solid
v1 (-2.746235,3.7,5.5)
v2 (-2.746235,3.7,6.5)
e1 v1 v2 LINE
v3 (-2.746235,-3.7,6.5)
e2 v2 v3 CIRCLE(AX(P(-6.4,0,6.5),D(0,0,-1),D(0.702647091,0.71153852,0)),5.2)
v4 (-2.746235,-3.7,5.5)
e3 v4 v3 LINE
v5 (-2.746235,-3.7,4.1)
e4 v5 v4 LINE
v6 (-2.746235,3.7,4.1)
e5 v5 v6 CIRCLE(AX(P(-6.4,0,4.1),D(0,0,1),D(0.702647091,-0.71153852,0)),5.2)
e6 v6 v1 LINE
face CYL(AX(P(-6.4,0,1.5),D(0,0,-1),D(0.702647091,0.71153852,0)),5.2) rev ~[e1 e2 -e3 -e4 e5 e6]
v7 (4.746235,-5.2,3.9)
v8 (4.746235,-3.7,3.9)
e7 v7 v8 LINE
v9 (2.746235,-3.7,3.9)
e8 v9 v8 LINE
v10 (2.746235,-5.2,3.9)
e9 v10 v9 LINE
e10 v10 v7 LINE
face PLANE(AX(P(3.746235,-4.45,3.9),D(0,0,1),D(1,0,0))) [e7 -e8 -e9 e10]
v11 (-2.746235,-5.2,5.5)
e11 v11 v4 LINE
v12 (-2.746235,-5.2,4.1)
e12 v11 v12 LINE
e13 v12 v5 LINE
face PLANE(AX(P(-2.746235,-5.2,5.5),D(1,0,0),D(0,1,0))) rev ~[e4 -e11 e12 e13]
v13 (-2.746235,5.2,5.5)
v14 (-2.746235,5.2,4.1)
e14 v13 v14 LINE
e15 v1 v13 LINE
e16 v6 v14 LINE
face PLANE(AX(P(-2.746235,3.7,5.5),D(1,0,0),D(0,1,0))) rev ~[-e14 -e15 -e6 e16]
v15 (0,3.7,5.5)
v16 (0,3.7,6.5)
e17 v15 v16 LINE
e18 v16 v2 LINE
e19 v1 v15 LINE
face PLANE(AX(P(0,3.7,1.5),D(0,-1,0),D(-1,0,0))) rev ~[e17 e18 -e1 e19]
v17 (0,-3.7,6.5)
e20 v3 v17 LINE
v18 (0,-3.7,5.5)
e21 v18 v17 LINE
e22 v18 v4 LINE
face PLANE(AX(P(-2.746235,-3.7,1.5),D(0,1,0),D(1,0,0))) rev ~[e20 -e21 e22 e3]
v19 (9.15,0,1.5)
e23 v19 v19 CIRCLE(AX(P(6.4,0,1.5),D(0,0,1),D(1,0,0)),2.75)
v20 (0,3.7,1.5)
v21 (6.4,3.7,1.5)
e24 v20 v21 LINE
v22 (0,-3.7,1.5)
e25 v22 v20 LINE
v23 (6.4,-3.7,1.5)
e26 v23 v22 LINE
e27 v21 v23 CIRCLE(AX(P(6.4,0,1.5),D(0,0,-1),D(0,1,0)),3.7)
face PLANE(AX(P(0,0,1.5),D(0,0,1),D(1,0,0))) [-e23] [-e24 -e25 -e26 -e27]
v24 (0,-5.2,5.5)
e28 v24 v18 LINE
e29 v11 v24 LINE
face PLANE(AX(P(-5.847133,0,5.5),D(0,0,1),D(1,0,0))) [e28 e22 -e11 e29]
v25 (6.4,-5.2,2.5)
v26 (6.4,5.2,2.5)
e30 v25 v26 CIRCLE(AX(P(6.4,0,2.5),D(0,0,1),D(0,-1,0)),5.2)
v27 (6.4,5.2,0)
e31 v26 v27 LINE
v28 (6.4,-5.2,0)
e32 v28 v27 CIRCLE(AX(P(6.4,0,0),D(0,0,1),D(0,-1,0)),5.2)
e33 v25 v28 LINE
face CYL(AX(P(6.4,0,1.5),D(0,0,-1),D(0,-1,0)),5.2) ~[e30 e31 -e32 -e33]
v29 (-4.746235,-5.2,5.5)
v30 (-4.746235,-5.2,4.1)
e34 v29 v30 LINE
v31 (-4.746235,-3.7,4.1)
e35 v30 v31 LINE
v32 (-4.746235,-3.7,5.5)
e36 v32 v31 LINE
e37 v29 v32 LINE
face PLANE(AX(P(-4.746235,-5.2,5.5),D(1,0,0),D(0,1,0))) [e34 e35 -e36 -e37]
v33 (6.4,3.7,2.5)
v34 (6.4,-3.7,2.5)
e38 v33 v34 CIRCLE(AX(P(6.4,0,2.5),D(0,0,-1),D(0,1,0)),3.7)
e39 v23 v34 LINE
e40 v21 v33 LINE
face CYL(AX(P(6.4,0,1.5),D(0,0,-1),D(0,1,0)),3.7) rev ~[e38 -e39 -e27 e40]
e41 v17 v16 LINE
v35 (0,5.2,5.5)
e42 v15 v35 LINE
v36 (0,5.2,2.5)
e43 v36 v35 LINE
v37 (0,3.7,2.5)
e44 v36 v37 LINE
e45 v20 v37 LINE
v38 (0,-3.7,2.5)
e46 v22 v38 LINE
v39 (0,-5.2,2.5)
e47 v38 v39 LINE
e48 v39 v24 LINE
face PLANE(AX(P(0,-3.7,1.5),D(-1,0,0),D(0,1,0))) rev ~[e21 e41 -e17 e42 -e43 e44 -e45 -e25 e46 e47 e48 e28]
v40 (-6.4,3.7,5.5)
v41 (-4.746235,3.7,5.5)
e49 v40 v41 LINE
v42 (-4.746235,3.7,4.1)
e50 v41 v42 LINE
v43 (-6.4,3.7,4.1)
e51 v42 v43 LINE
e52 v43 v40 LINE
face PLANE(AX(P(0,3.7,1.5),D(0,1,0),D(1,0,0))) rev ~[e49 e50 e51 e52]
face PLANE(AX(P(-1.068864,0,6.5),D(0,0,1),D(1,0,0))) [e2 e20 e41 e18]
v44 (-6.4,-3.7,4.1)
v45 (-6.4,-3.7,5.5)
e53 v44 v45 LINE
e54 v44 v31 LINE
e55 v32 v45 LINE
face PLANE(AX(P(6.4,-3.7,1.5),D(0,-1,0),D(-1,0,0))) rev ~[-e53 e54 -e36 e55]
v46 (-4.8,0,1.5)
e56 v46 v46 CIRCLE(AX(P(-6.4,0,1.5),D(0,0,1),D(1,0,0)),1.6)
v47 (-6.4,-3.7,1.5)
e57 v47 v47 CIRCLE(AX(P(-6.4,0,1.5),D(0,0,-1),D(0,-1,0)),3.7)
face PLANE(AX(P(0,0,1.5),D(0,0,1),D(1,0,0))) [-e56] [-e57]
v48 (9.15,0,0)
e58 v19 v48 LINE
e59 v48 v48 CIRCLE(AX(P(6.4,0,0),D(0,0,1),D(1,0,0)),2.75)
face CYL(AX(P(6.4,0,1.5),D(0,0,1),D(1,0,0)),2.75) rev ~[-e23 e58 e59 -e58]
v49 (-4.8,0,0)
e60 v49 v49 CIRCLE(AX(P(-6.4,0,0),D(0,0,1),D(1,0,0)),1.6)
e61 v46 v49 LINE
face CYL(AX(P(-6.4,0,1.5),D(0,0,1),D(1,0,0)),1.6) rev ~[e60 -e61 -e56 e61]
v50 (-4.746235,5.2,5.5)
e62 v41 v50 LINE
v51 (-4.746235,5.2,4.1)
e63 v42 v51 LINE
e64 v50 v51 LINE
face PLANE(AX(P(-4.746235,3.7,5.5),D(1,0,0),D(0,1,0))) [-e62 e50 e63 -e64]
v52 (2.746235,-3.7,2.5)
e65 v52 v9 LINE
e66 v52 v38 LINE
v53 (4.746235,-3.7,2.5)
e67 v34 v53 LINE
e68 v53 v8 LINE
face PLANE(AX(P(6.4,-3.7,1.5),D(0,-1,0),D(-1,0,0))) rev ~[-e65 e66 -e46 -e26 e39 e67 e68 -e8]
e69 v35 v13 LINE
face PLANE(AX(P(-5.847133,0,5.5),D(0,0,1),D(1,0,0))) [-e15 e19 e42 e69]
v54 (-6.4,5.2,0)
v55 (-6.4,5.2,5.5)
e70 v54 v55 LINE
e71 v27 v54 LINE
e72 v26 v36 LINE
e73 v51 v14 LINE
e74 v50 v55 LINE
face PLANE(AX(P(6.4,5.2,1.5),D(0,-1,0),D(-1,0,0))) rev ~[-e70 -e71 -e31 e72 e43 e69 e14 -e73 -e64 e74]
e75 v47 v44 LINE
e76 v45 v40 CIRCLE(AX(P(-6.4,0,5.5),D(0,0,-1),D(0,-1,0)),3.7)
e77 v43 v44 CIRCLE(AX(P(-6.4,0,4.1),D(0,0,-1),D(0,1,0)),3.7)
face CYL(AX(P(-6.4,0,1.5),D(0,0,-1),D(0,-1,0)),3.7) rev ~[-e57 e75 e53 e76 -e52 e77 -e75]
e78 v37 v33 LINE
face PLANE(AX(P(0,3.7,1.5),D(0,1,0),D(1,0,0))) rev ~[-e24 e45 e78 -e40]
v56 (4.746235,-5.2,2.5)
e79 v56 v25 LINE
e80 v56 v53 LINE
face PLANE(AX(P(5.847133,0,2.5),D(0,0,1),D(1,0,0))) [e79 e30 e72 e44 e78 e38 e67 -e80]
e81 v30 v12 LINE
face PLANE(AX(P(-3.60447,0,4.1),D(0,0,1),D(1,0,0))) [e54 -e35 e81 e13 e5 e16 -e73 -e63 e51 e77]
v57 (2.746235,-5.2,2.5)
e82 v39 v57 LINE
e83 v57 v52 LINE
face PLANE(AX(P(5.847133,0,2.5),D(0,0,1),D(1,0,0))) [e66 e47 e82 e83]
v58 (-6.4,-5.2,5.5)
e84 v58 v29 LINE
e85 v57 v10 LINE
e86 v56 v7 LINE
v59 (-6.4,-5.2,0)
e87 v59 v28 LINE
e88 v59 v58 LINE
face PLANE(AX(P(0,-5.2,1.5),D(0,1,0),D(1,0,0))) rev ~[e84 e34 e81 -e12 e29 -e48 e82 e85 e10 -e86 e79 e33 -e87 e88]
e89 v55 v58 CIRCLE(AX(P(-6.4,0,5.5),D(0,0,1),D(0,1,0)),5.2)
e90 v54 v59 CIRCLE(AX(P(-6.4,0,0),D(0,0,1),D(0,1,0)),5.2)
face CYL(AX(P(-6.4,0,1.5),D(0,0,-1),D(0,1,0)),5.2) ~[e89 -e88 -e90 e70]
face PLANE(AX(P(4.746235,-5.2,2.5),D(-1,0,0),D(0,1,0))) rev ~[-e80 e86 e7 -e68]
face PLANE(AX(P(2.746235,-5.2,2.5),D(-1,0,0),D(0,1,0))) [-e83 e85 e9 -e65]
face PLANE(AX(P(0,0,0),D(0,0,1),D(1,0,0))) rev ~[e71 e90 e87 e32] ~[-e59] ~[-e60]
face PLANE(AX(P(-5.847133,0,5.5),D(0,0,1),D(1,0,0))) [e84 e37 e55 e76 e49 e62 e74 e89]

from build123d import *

# Parameters (mm, degrees)
F1_DEPTH  = 1.5
F3_DEPTH  = 4
F4_DEPTH  = 1
F6_DEPTH  = 2.6
F7_R      = 1.6
F7_R_2    = 2.75
F8_DEPTH  = 1.501
F10_DEPTH = 5
F11_W     = 2
F11_H     = 1.5
F12_DEPTH = 1.4
F13_W     = 2
F13_H     = 1.5
F14_DEPTH = 1.4


with BuildPart() as f1:
    # F0 (on Top) → F1 (new body)
    with BuildSketch(Plane.XY):
        with BuildLine():
            Line((6.4, 5.2), (-6.4, 5.2))
            ThreePointArc((-6.4, 5.2), (-11.6, 0), (-6.4, -5.2))
            Line((-6.4, -5.2), (6.4, -5.2))
            ThreePointArc((6.4, -5.2), (11.6, 0), (6.4, 5.2))
        make_face()
    extrude(amount=F1_DEPTH)

    # F2 (on face) → F3 (join)
    with BuildSketch(Plane.XY.offset(1.5)):
        with BuildLine():
            Line((0, 5.2), (-6.4, 5.2))
            ThreePointArc((-6.4, 5.2), (-11.6, 0), (-6.4, -5.2))
            Line((-6.4, -5.2), (0, -5.2))
            Line((0, -5.2), (0, -3.7))
            Line((0, -3.7), (-6.4, -3.7))
            ThreePointArc((-6.4, -3.7), (-10.1, 0), (-6.4, 3.7))
            Line((-6.4, 3.7), (0, 3.7))
            Line((0, 3.7), (0, 5.2))
        make_face()
    extrude(amount=F3_DEPTH)

    # F2 (on face) → F4 (join)
    with BuildSketch(Plane.XY.offset(1.5)):
        with BuildLine():
            Line((6.4, 5.2), (0, 5.2))
            Line((0, 5.2), (0, 3.7))
            Line((0, 3.7), (6.4, 3.7))
            ThreePointArc((6.4, 3.7), (10.1, 0), (6.4, -3.7))
            Line((6.4, -3.7), (0, -3.7))
            Line((0, -3.7), (0, -5.2))
            Line((0, -5.2), (6.4, -5.2))
            ThreePointArc((6.4, -5.2), (11.6, 0), (6.4, 5.2))
        make_face()
    extrude(amount=F4_DEPTH)

    # F5 (on face) → F6 (join)
    with BuildSketch(Plane.XY.offset(1.5)):
        with BuildLine():
            Line((-6.4, -3.7), (-2.746235, -3.7))
            ThreePointArc((-2.746235, -3.7), (-1.2, 0), (-2.746235, 3.7))
            Line((-2.746235, 3.7), (-6.4, 3.7))
            ThreePointArc((-6.4, 3.7), (-2.7, 0), (-6.4, -3.7))
        make_face()
    extrude(amount=F6_DEPTH)

    # F7 (on face) → F8 (cut, through all)
    with BuildSketch(Plane.XY.offset(1.5)):
        with Locations((-6.4, 0)):
            Circle(F7_R)
        with Locations((6.4, 0)):
            Circle(F7_R_2)
    extrude(amount=-F8_DEPTH, mode=Mode.SUBTRACT)

    # F9 (on face) → F10 (join)
    with BuildSketch(Plane.XY.offset(1.5)):
        with BuildLine():
            Line((-2.746235, -3.7), (0, -3.7))
            Line((0, -3.7), (0, 3.7))
            Line((0, 3.7), (-2.746235, 3.7))
            ThreePointArc((-2.746235, 3.7), (-1.2, 0), (-2.746235, -3.7))
        make_face()
    extrude(amount=F10_DEPTH)

    # F11 (on face) → F12 (cut, through all)
    with BuildSketch(Plane.XY.offset(5.5)):
        with Locations((-3.746235, -4.45)):
            Rectangle(F11_W, F11_H)
        with Locations((-3.746235, 4.45)):
            Rectangle(F11_W, F11_H)
    extrude(amount=-F12_DEPTH, mode=Mode.SUBTRACT)

    # F13 (on face) → F14 (join)
    with BuildSketch(Plane.XY.offset(2.5)):
        with Locations((3.746235, -4.45)):
            Rectangle(F13_W, F13_H)
    extrude(amount=F14_DEPTH)


solid = f1.part
